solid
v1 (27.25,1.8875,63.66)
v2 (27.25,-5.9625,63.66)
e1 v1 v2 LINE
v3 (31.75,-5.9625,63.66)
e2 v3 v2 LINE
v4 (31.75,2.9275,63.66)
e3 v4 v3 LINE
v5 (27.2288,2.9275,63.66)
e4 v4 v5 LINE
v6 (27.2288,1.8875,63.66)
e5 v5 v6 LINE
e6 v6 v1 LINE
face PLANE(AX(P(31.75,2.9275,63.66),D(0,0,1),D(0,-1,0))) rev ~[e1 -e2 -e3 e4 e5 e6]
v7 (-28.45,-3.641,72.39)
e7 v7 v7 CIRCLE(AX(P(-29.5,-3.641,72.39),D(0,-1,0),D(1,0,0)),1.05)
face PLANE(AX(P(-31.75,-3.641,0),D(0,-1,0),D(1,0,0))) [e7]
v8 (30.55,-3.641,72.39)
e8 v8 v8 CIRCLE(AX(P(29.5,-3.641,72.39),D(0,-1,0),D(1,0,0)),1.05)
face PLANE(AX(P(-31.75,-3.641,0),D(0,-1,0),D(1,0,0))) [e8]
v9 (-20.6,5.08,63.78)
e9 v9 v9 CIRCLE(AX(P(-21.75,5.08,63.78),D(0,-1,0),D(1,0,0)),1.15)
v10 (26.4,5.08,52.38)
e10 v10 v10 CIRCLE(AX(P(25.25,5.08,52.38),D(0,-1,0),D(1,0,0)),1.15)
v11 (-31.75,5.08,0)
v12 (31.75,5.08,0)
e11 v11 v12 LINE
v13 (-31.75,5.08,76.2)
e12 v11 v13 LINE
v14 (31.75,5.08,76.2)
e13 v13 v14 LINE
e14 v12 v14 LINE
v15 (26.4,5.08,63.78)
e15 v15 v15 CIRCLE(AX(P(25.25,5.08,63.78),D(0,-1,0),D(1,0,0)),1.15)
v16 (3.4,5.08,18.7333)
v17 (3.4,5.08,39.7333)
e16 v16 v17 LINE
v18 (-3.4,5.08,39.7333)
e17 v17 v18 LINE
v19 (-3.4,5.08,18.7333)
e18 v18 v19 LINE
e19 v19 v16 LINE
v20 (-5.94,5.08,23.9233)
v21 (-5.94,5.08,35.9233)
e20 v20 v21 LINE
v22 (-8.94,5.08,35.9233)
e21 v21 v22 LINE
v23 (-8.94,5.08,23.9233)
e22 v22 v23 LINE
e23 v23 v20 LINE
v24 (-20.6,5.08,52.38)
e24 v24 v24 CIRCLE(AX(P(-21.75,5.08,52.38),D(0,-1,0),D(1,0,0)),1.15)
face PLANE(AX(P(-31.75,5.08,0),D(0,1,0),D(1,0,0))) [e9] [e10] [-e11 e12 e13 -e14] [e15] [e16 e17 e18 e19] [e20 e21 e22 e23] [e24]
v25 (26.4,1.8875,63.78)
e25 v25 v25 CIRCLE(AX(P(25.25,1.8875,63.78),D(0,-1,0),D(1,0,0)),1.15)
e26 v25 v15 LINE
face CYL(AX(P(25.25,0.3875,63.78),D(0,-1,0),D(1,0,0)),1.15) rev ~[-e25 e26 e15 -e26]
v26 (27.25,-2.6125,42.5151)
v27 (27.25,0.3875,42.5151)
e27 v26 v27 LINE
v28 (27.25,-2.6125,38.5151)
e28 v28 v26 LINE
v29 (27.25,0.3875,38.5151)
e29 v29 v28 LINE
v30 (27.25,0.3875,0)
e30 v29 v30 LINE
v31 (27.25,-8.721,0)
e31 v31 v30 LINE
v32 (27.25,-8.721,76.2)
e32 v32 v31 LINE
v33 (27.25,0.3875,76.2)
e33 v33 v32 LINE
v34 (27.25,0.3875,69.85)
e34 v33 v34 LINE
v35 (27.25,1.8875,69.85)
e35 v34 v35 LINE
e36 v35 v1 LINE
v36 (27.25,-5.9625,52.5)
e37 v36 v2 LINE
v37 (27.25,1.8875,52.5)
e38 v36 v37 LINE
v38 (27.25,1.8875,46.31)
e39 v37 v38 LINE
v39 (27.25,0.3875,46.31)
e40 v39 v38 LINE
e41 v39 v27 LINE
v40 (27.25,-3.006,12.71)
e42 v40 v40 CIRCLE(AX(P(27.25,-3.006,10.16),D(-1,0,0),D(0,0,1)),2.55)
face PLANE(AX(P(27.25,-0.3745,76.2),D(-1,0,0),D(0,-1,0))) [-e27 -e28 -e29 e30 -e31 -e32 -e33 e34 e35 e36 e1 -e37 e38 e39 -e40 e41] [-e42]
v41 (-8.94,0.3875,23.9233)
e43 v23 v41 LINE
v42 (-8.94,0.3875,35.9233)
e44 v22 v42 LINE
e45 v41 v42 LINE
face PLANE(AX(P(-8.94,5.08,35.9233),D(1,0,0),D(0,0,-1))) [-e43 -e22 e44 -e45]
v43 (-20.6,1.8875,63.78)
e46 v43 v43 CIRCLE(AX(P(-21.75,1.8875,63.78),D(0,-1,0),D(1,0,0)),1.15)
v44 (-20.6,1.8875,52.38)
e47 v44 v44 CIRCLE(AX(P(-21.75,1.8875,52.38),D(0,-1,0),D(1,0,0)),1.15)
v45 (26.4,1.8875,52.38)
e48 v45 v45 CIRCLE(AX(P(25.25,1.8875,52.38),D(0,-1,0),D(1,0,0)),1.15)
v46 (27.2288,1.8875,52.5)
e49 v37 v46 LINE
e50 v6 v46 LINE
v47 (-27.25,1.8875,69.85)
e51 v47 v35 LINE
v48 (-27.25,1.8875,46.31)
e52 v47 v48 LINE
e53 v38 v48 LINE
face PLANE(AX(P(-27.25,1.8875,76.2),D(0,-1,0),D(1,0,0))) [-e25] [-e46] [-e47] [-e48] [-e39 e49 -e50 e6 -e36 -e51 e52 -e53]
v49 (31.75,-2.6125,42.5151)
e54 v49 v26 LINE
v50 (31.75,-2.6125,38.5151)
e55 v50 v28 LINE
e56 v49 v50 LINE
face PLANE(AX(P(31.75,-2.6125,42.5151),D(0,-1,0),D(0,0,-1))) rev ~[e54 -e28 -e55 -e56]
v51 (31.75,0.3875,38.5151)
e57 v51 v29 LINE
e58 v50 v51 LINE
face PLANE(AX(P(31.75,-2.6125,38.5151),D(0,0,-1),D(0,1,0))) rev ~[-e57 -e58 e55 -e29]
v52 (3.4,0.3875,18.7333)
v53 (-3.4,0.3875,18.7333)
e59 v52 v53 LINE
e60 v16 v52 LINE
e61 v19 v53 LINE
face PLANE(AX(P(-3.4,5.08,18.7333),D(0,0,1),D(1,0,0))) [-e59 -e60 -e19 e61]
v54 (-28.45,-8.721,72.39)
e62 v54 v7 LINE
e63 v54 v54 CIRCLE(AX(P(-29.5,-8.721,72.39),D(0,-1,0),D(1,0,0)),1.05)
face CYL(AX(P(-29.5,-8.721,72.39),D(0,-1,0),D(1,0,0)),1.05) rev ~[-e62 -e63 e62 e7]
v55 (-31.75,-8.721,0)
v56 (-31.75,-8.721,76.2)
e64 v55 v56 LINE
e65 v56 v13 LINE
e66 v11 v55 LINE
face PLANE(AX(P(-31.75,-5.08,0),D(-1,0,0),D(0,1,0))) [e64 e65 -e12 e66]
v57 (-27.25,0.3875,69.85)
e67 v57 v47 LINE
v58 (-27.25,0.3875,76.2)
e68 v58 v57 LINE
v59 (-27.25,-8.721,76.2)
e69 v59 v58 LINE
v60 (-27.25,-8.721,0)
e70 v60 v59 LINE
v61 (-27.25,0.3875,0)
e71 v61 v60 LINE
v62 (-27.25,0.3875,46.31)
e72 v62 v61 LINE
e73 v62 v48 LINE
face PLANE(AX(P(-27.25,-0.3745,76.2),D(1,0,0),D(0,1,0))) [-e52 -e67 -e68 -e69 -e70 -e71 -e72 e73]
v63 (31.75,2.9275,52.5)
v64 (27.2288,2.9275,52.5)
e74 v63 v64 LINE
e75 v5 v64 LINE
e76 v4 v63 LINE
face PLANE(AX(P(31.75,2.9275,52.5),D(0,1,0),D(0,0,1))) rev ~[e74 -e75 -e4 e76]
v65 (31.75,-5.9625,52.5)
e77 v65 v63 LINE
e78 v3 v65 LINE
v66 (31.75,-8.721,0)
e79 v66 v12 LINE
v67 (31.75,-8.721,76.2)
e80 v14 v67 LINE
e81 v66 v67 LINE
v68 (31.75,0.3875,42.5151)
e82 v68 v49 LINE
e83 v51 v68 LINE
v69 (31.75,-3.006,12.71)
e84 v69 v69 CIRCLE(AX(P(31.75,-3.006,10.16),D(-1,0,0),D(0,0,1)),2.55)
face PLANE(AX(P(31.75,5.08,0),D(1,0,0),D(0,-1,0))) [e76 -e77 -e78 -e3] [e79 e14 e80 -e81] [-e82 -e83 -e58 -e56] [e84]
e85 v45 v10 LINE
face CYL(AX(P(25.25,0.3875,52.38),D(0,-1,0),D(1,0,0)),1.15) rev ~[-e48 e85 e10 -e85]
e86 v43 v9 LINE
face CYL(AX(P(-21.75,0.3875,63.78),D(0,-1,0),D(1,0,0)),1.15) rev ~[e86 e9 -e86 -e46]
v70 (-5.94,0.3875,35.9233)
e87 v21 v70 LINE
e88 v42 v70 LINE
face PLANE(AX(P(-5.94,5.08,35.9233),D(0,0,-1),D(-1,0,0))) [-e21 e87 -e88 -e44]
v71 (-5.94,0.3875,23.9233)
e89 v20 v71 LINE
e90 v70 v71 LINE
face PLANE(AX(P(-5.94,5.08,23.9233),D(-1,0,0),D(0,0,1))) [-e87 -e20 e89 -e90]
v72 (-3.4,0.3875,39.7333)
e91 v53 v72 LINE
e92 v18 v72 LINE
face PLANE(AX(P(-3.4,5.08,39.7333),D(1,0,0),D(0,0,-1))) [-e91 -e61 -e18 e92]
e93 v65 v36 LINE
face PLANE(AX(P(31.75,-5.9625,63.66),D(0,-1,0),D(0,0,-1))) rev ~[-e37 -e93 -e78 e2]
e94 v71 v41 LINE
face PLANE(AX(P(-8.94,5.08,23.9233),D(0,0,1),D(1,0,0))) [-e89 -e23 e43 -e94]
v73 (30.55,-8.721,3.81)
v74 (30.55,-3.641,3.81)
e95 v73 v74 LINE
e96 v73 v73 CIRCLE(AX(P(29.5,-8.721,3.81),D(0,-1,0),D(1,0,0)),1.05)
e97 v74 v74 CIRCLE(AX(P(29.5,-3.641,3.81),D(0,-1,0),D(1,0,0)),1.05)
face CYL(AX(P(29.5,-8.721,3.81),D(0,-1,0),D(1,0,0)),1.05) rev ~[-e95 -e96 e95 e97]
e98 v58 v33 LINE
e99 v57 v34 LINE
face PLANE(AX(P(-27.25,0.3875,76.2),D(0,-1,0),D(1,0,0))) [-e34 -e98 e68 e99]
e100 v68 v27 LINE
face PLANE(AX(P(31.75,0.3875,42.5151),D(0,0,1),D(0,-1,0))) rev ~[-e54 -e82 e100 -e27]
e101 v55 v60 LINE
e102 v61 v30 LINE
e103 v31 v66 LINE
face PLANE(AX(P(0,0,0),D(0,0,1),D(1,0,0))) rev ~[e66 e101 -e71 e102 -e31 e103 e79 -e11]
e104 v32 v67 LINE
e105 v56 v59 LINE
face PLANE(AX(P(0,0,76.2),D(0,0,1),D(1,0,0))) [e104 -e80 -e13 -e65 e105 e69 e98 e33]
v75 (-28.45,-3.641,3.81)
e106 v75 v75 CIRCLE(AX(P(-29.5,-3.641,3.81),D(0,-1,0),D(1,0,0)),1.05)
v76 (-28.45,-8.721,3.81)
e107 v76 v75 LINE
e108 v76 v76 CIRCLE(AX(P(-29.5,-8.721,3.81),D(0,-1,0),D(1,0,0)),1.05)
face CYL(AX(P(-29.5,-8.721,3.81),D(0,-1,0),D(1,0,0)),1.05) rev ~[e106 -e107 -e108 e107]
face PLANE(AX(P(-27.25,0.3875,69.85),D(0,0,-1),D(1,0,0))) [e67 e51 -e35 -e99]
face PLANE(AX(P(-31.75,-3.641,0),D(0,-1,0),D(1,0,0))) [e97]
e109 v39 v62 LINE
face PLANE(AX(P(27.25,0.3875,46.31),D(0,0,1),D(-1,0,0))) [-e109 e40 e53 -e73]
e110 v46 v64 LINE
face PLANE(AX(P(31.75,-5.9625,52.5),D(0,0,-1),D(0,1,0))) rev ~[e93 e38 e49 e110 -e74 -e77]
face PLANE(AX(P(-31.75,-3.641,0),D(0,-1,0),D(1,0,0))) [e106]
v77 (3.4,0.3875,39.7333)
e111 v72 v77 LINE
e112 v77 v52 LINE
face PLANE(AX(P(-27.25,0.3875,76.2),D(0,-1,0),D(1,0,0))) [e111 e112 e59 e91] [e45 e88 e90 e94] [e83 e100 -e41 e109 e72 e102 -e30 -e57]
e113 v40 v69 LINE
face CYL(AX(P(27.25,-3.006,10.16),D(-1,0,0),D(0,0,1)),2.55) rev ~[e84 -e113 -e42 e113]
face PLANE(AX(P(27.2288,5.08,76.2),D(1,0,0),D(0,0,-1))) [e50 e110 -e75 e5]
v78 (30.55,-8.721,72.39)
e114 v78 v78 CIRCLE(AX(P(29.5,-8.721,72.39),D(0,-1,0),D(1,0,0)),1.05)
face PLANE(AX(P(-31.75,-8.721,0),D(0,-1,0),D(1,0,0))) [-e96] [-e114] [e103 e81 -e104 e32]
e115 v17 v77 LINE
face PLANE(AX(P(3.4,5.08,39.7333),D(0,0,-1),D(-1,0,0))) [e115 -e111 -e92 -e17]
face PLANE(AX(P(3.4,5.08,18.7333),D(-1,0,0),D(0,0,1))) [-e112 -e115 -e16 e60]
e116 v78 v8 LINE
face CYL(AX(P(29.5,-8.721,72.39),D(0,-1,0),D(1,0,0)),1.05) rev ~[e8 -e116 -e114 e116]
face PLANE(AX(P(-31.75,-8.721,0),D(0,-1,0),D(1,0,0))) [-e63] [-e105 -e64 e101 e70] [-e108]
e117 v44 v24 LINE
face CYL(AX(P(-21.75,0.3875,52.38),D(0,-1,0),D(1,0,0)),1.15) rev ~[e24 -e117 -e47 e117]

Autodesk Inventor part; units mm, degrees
ref_plane "YZ Plane" through (0, 0, 0) normal (1, 0, 0) x (0, 1, 0)
ref_plane "XZ Plane" through (0, 0, 0) normal (0, 1, 0) x (-1, 0, 0)
ref_plane "XY Plane" through (0, 0, 0) normal (0, 0, 1) x (1, 0, 0)
sketch "Sketch1" plane through (0, 0, 0) normal (0, 0, 1) x (1, 0, 0)
  line L0 (-31.75, 5.08) -> (31.75, 5.08)
  line L1 (31.75, 5.08) -> (31.75, -5.08)
  line L2 (31.75, -5.08) -> (-31.75, -5.08)
  line L3 (-31.75, -5.08) -> (-31.75, 5.08)
  point P0 (0, 0)
  dimension "d0" = 63.5
  dimension "d3" = 31.75
  dimension "d4" = 10.16
  dimension "d17" = 5.08
extrude "Extrusion1" add sketch "Sketch1" along normal blind 76.2
sketch "Sketch3" plane through (0, 0, 76.2) normal (0, 0, 1) x (1, 0, 0)
  line L0 (-27.25, 0.3875) -> (27.25, 0.3875)
  line L1 (27.25, 0.3875) -> (27.25, -0.3745)
  line L2 (27.25, -0.3745) -> (-27.25, -0.3745)
  line L3 (-27.25, -0.3745) -> (-27.25, 0.3875)
  line L4 (-31.75, 5.08) -> (-31.75, -5.08) projected
  point P0 (0, 0)
  point P1 (-27.25, 0.0065)
  dimension "d131" = 7.62
  dimension "d6" = 0.762
  dimension "d7" = 54.5
  dimension "d8" = 4.5
extrude "Extrusion2" cut sketch "Sketch3" against normal blind 85.1
sketch "Sketch8" plane through (0, 0, 76.2) normal (0, 0, 1) x (1, 0, 0)
  line L0 (-31.75, -5.08) -> (31.75, -5.08) projected
  line L1 (31.75, -5.08) -> (31.75, 5.08) projected
  line L2 (-31.75, -5.08) -> (31.75, -5.08)
  line L3 (31.75, -5.08) -> (31.75, 0.3875)
  line L4 (31.75, 0.3875) -> (-31.75, 0.3875)
  line L5 (27.25, 0.3875) -> (27.25, -0.3745) projected
  line L6 (27.25, -0.3745) -> (-27.25, -0.3745) projected
  line L7 (-27.25, -0.3745) -> (-27.25, 0.3875) projected
  line L8 (-27.25, 0.3875) -> (27.25, 0.3875) projected
  line L9 (-31.75, -5.08) -> (31.75, -5.08) projected
  line L10 (31.75, -5.08) -> (31.75, 5.08) projected
  line L11 (31.75, 5.08) -> (-31.75, 5.08) projected
  line L12 (-31.75, 5.08) -> (-31.75, -5.08) projected
  line L13 (-27.25, 0.3875) -> (-27.25, -0.3745) projected
  line L14 (-27.25, 0.3875) -> (27.25, 0.3875)
  line L15 (27.25, 0.3875) -> (27.25, -5.08)
  line L16 (27.25, -5.08) -> (-27.25, -5.08)
  line L17 (-27.25, -5.08) -> (-27.25, 0.3875)
  point P0 (0, 0)
  dimension "d30" = 0
sketch "Sketch9" plane through (-31.75, 5.08, 0) normal (0, 1, 0) x (1, 0, 0)
  line L0 (28.35, -18.7333) -> (35.15, -18.7333)
  line L1 (35.15, -18.7333) -> (35.15, -39.7333)
  line L2 (35.15, -39.7333) -> (28.35, -39.7333)
  line L3 (28.35, -39.7333) -> (28.35, -18.7333)
  line L4 (0, 0) -> (0, -76.2) projected
  line L5 (63.5, 0) -> (0, 0) projected
  point P0 (31.75, 0)
  point P1 (0, -38.1)
  dimension "d31" = 21
  dimension "d32" = 6.8
  dimension "d33" = 28.35
  dimension "d34" = 18.7333
extrude "Extrusion6" cut sketch "Sketch8" against normal blind 76.2 contours L17 L6 L15 L0
sketch "Sketch11" plane through (0, 0, 76.2) normal (0, 0, 1) x (1, 0, 0)
  point P0 (0, 0)
sketch "Sketch12" plane through (-31.75, -5.08, 0) normal (0, -1, 0) x (1, 0, 0)
  line L0 (4.5, 0) -> (4.5, 76.2) projected
  line L1 (0, 76.2) -> (4.5, 76.2) projected
  line L2 (0, 0) -> (0, 76.2) projected
  line L3 (0, 0) -> (4.5, 0) projected
  line L4 (59, 76.2) -> (59, 0) projected
  line L5 (59, 0) -> (63.5, 0) projected
  line L6 (63.5, 0) -> (63.5, 76.2) projected
  line L7 (59, 76.2) -> (63.5, 76.2) projected
  point P0 (31.75, 0)
extrude "Extrusion7" add sketch "Sketch12" along normal blind 3.641
extrude "Extrusion8" cut sketch "Sketch9" against normal blind 19.5
sketch "Sketch13" plane through (-31.75, -8.721, 0) normal (0, -1, 0) x (1, 0, 0)
  point P0 (31.75, 0)
sketch "Sketch14" plane through (27.25, 0.3875, 0) normal (-1, 0, 0) x (0, 0, 1)
  circle A0 centre (10.16, -3.3935) radius 2.55
  line L0 (76.2, 0) -> (0, 0) projected
  line L1 (76.2, -9.1085) -> (0, -9.1085) projected
  line L2 (0, -9.1085) -> (0, 0) projected
  point P0 (0, -0.3875)
  dimension "d41" = 5.1
  dimension "d43" = 5.715
  dimension "d44" = 10.16
extrude "Extrusion9" cut sketch "Sketch14" against normal blind 25.4
sketch "Sketch17" plane through (-31.75, -8.721, 0) normal (0, -1, 0) x (1, 0, 0)
  circle A0 centre (61.25, 3.81) radius 1.05
  line L0 (59, 0) -> (63.5, 0) projected
  line L1 (59, 76.2) -> (59, 0) projected
  circle A1 centre (2.25, 3.81) radius 1.05
  line L2 (0, 76.2) -> (0, 0) projected
  line L3 (0, 0) -> (4.5, 0) projected
  circle A2 centre (2.25, 72.39) radius 1.05
  circle A3 centre (61.25, 72.39) radius 1.05
  line L4 (4.5, 76.2) -> (0, 76.2) projected
  line L5 (63.5, 76.2) -> (59, 76.2) projected
  point P0 (31.75, 0)
  dimension "d98" = 2.1
  dimension "d99" = 3.81
  dimension "d100" = 2.25
  dimension "d101" = 2.25
  dimension "d102" = 2.1
  dimension "d103" = 3.81
  dimension "d104" = 2.1
  dimension "d105" = 2.1
  dimension "d106" = 3.81
  dimension "d107" = 3.81
  dimension "d108" = 2.25
extrude "Extrusion11" cut sketch "Sketch17" against normal blind 5.08
sketch "Sketch20" plane through (-31.75, 5.08, 0) normal (0, 1, 0) x (1, 0, 0)
  line L0 (22.81, -23.9233) -> (25.81, -23.9233)
  line L1 (25.81, -23.9233) -> (25.81, -35.9233)
  line L2 (25.81, -35.9233) -> (22.81, -35.9233)
  line L3 (22.81, -35.9233) -> (22.81, -23.9233)
  line L4 (28.35, -39.7333) -> (28.35, -18.7333) projected
  line L5 (35.15, -39.7333) -> (28.35, -39.7333) projected
  point P0 (31.75, 0)
  point P1 (31.75, -39.7333)
  dimension "d141" = 3
  dimension "d142" = 2.54
  dimension "d143" = 12
  dimension "d144" = 3.81
extrude "Extrusion14" cut sketch "Sketch20" against normal blind 25.4
sketch "Sketch18" plane through (-27.25, 0.3875, 76.2) normal (0, -1, 0) x (1, 0, 0)
  circle A0 centre (5.5, -23.82) radius 1.15
  circle A1 centre (5.5, -12.42) radius 1.05
  circle A2 centre (5.5, -12.42) radius 1.15
  line L0 (3.5, -28.62) -> (3.5, -7.62)
  circle A3 centre (5.5, -23.82) radius 1.05
  line L1 (54.5, -28.62) -> (3.5, -28.62)
  line L2 (3.5, -7.62) -> (54.5, -7.62)
  circle A4 centre (52.5, -12.42) radius 1.05
  circle A5 centre (52.5, -12.42) radius 1.15
  line L3 (54.5, -7.62) -> (54.5, -28.62)
  circle A6 centre (52.5, -23.82) radius 1.05
  circle A7 centre (52.5, -23.82) radius 1.15
  line L4 (0, 0) -> (54.5, 0) projected
  line L5 (54.5, 0) -> (54.5, -76.2) projected
  point P0 (27.25, -76.2)
  dimension "d111" = 21
  dimension "d112" = 51
  dimension "d113" = 2.1
  dimension "d114" = 2.1
  dimension "d115" = 2.1
  dimension "d116" = 2.1
  dimension "d117" = 2
  dimension "d118" = 2
  dimension "d119" = 2
  dimension "d120" = 2
  dimension "d121" = 11.4
  dimension "d122" = 4.8
  dimension "d123" = 11.4
  dimension "d124" = 4.8
  dimension "d125" = 0.1
  dimension "d126" = 0.1
  dimension "d127" = 0.1
  dimension "d128" = 0.1
  dimension "d131" = 7.62
  dimension "d132" = 0
extrude "Extrusion12" cut sketch "Sketch18" against normal blind 25.4 contours A0 | A1 | A2 | A3 | A4 | A5 | A6 | A7
sketch "Sketch21" plane through (-31.75, -8.721, 0) normal (0, -1, 0) x (1, 0, 0)
  line L0 (59, 76.2) -> (59, 0) projected
  line L1 (59, 69.5452) -> (61.2521, 69.5452)
  line L2 (61.2521, 69.5452) -> (61.2521, 46.6852)
  line L3 (61.2521, 46.6852) -> (59, 46.6852)
  line L4 (59, 46.6852) -> (59, 69.5452)
  line L5 (63.5, 0) -> (63.5, 76.2) projected
  line L6 (63.5, 76.2) -> (59, 76.2) projected
  point P0 (31.75, 0)
  dimension "d147" = 4.5
  dimension "d148" = 2.2479
  dimension "d149" = 6.6548
  dimension "d150" = 22.86
sketch "Sketch22" plane through (31.75, 5.08, 76.2) normal (1, 0, 0) x (0, 0, -1)
  line L0 (13.57, -4.6925) -> (13.57, 0) projected
  line L1 (13.57, -4.6925) -> (13.57, 0) projected
  line L2 (24.97, -4.6925) -> (24.97, 0) projected
  line L3 (22.67, -4.6925) -> (22.67, 0) projected
  line L4 (11.27, -4.6925) -> (11.27, 0) projected
  line L5 (23.7, -2.1525) -> (12.54, -2.1525)
  line L6 (12.54, -2.1525) -> (12.54, -11.0425)
  line L7 (12.54, -11.0425) -> (23.7, -11.0425)
  line L8 (23.7, -11.0425) -> (23.7, -2.1525)
  point P0 (76.2, -5.08)
  point P1 (24.97, -2.1525)
  point P2 (11.27, -2.6605)
  dimension "d152" = 8.89
  dimension "d153" = 2.54
  dimension "d169" = 1.27
  dimension "d170" = 1.27
extrude "Extrusion15" cut sketch "Sketch22" against normal blind 4.5212
sketch "Sketch24" plane through (31.75, 5.08, 76.2) normal (1, 0, 0) x (0, 0, -1)
  line L0 (37.6849, -4.6925) -> (33.6849, -4.6925)
  line L1 (33.6849, -4.6925) -> (33.6849, -7.6925)
  line L2 (33.6849, -7.6925) -> (37.6849, -7.6925)
  line L3 (37.6849, -7.6925) -> (37.6849, -4.6925)
  line L4 (0, -4.6925) -> (76.2, -4.6925) projected
  point P0 (76.2, -5.08)
  point P1 (23.7, -4.6925)
  dimension "d163" = 4
  dimension "d164" = 3
  dimension "d165" = 0
extrude "Extrusion16" cut sketch "Sketch24" against normal blind 9.1211
sketch "Sketch27" plane through (-27.25, 0.3875, 76.2) normal (0, -1, 0) x (1, 0, 0)
  line L0 (54.5, 0) -> (54.5, -76.2) projected
  line L1 (0, 0) -> (0, -76.2) projected
  line L2 (54.5, -29.89) -> (0, -29.89)
  line L3 (0, -29.89) -> (0, -6.35)
  line L4 (0, -6.35) -> (54.5, -6.35)
  line L5 (54.5, -6.35) -> (54.5, -29.89)
  line L6 (54.5, -28.62) -> (3.5, -28.62) projected
  line L7 (3.5, -7.62) -> (54.5, -7.62) projected
  point P0 (27.25, -76.2)
  point P1 (54.5, -6.35)
  point P2 (0, -29.89)
  dimension "d171" = 1.27
  dimension "d172" = 1.27
extrude "Extrusion17" cut sketch "Sketch27" against normal blind 1.5
properties part number "Scanner_Test_Top"
